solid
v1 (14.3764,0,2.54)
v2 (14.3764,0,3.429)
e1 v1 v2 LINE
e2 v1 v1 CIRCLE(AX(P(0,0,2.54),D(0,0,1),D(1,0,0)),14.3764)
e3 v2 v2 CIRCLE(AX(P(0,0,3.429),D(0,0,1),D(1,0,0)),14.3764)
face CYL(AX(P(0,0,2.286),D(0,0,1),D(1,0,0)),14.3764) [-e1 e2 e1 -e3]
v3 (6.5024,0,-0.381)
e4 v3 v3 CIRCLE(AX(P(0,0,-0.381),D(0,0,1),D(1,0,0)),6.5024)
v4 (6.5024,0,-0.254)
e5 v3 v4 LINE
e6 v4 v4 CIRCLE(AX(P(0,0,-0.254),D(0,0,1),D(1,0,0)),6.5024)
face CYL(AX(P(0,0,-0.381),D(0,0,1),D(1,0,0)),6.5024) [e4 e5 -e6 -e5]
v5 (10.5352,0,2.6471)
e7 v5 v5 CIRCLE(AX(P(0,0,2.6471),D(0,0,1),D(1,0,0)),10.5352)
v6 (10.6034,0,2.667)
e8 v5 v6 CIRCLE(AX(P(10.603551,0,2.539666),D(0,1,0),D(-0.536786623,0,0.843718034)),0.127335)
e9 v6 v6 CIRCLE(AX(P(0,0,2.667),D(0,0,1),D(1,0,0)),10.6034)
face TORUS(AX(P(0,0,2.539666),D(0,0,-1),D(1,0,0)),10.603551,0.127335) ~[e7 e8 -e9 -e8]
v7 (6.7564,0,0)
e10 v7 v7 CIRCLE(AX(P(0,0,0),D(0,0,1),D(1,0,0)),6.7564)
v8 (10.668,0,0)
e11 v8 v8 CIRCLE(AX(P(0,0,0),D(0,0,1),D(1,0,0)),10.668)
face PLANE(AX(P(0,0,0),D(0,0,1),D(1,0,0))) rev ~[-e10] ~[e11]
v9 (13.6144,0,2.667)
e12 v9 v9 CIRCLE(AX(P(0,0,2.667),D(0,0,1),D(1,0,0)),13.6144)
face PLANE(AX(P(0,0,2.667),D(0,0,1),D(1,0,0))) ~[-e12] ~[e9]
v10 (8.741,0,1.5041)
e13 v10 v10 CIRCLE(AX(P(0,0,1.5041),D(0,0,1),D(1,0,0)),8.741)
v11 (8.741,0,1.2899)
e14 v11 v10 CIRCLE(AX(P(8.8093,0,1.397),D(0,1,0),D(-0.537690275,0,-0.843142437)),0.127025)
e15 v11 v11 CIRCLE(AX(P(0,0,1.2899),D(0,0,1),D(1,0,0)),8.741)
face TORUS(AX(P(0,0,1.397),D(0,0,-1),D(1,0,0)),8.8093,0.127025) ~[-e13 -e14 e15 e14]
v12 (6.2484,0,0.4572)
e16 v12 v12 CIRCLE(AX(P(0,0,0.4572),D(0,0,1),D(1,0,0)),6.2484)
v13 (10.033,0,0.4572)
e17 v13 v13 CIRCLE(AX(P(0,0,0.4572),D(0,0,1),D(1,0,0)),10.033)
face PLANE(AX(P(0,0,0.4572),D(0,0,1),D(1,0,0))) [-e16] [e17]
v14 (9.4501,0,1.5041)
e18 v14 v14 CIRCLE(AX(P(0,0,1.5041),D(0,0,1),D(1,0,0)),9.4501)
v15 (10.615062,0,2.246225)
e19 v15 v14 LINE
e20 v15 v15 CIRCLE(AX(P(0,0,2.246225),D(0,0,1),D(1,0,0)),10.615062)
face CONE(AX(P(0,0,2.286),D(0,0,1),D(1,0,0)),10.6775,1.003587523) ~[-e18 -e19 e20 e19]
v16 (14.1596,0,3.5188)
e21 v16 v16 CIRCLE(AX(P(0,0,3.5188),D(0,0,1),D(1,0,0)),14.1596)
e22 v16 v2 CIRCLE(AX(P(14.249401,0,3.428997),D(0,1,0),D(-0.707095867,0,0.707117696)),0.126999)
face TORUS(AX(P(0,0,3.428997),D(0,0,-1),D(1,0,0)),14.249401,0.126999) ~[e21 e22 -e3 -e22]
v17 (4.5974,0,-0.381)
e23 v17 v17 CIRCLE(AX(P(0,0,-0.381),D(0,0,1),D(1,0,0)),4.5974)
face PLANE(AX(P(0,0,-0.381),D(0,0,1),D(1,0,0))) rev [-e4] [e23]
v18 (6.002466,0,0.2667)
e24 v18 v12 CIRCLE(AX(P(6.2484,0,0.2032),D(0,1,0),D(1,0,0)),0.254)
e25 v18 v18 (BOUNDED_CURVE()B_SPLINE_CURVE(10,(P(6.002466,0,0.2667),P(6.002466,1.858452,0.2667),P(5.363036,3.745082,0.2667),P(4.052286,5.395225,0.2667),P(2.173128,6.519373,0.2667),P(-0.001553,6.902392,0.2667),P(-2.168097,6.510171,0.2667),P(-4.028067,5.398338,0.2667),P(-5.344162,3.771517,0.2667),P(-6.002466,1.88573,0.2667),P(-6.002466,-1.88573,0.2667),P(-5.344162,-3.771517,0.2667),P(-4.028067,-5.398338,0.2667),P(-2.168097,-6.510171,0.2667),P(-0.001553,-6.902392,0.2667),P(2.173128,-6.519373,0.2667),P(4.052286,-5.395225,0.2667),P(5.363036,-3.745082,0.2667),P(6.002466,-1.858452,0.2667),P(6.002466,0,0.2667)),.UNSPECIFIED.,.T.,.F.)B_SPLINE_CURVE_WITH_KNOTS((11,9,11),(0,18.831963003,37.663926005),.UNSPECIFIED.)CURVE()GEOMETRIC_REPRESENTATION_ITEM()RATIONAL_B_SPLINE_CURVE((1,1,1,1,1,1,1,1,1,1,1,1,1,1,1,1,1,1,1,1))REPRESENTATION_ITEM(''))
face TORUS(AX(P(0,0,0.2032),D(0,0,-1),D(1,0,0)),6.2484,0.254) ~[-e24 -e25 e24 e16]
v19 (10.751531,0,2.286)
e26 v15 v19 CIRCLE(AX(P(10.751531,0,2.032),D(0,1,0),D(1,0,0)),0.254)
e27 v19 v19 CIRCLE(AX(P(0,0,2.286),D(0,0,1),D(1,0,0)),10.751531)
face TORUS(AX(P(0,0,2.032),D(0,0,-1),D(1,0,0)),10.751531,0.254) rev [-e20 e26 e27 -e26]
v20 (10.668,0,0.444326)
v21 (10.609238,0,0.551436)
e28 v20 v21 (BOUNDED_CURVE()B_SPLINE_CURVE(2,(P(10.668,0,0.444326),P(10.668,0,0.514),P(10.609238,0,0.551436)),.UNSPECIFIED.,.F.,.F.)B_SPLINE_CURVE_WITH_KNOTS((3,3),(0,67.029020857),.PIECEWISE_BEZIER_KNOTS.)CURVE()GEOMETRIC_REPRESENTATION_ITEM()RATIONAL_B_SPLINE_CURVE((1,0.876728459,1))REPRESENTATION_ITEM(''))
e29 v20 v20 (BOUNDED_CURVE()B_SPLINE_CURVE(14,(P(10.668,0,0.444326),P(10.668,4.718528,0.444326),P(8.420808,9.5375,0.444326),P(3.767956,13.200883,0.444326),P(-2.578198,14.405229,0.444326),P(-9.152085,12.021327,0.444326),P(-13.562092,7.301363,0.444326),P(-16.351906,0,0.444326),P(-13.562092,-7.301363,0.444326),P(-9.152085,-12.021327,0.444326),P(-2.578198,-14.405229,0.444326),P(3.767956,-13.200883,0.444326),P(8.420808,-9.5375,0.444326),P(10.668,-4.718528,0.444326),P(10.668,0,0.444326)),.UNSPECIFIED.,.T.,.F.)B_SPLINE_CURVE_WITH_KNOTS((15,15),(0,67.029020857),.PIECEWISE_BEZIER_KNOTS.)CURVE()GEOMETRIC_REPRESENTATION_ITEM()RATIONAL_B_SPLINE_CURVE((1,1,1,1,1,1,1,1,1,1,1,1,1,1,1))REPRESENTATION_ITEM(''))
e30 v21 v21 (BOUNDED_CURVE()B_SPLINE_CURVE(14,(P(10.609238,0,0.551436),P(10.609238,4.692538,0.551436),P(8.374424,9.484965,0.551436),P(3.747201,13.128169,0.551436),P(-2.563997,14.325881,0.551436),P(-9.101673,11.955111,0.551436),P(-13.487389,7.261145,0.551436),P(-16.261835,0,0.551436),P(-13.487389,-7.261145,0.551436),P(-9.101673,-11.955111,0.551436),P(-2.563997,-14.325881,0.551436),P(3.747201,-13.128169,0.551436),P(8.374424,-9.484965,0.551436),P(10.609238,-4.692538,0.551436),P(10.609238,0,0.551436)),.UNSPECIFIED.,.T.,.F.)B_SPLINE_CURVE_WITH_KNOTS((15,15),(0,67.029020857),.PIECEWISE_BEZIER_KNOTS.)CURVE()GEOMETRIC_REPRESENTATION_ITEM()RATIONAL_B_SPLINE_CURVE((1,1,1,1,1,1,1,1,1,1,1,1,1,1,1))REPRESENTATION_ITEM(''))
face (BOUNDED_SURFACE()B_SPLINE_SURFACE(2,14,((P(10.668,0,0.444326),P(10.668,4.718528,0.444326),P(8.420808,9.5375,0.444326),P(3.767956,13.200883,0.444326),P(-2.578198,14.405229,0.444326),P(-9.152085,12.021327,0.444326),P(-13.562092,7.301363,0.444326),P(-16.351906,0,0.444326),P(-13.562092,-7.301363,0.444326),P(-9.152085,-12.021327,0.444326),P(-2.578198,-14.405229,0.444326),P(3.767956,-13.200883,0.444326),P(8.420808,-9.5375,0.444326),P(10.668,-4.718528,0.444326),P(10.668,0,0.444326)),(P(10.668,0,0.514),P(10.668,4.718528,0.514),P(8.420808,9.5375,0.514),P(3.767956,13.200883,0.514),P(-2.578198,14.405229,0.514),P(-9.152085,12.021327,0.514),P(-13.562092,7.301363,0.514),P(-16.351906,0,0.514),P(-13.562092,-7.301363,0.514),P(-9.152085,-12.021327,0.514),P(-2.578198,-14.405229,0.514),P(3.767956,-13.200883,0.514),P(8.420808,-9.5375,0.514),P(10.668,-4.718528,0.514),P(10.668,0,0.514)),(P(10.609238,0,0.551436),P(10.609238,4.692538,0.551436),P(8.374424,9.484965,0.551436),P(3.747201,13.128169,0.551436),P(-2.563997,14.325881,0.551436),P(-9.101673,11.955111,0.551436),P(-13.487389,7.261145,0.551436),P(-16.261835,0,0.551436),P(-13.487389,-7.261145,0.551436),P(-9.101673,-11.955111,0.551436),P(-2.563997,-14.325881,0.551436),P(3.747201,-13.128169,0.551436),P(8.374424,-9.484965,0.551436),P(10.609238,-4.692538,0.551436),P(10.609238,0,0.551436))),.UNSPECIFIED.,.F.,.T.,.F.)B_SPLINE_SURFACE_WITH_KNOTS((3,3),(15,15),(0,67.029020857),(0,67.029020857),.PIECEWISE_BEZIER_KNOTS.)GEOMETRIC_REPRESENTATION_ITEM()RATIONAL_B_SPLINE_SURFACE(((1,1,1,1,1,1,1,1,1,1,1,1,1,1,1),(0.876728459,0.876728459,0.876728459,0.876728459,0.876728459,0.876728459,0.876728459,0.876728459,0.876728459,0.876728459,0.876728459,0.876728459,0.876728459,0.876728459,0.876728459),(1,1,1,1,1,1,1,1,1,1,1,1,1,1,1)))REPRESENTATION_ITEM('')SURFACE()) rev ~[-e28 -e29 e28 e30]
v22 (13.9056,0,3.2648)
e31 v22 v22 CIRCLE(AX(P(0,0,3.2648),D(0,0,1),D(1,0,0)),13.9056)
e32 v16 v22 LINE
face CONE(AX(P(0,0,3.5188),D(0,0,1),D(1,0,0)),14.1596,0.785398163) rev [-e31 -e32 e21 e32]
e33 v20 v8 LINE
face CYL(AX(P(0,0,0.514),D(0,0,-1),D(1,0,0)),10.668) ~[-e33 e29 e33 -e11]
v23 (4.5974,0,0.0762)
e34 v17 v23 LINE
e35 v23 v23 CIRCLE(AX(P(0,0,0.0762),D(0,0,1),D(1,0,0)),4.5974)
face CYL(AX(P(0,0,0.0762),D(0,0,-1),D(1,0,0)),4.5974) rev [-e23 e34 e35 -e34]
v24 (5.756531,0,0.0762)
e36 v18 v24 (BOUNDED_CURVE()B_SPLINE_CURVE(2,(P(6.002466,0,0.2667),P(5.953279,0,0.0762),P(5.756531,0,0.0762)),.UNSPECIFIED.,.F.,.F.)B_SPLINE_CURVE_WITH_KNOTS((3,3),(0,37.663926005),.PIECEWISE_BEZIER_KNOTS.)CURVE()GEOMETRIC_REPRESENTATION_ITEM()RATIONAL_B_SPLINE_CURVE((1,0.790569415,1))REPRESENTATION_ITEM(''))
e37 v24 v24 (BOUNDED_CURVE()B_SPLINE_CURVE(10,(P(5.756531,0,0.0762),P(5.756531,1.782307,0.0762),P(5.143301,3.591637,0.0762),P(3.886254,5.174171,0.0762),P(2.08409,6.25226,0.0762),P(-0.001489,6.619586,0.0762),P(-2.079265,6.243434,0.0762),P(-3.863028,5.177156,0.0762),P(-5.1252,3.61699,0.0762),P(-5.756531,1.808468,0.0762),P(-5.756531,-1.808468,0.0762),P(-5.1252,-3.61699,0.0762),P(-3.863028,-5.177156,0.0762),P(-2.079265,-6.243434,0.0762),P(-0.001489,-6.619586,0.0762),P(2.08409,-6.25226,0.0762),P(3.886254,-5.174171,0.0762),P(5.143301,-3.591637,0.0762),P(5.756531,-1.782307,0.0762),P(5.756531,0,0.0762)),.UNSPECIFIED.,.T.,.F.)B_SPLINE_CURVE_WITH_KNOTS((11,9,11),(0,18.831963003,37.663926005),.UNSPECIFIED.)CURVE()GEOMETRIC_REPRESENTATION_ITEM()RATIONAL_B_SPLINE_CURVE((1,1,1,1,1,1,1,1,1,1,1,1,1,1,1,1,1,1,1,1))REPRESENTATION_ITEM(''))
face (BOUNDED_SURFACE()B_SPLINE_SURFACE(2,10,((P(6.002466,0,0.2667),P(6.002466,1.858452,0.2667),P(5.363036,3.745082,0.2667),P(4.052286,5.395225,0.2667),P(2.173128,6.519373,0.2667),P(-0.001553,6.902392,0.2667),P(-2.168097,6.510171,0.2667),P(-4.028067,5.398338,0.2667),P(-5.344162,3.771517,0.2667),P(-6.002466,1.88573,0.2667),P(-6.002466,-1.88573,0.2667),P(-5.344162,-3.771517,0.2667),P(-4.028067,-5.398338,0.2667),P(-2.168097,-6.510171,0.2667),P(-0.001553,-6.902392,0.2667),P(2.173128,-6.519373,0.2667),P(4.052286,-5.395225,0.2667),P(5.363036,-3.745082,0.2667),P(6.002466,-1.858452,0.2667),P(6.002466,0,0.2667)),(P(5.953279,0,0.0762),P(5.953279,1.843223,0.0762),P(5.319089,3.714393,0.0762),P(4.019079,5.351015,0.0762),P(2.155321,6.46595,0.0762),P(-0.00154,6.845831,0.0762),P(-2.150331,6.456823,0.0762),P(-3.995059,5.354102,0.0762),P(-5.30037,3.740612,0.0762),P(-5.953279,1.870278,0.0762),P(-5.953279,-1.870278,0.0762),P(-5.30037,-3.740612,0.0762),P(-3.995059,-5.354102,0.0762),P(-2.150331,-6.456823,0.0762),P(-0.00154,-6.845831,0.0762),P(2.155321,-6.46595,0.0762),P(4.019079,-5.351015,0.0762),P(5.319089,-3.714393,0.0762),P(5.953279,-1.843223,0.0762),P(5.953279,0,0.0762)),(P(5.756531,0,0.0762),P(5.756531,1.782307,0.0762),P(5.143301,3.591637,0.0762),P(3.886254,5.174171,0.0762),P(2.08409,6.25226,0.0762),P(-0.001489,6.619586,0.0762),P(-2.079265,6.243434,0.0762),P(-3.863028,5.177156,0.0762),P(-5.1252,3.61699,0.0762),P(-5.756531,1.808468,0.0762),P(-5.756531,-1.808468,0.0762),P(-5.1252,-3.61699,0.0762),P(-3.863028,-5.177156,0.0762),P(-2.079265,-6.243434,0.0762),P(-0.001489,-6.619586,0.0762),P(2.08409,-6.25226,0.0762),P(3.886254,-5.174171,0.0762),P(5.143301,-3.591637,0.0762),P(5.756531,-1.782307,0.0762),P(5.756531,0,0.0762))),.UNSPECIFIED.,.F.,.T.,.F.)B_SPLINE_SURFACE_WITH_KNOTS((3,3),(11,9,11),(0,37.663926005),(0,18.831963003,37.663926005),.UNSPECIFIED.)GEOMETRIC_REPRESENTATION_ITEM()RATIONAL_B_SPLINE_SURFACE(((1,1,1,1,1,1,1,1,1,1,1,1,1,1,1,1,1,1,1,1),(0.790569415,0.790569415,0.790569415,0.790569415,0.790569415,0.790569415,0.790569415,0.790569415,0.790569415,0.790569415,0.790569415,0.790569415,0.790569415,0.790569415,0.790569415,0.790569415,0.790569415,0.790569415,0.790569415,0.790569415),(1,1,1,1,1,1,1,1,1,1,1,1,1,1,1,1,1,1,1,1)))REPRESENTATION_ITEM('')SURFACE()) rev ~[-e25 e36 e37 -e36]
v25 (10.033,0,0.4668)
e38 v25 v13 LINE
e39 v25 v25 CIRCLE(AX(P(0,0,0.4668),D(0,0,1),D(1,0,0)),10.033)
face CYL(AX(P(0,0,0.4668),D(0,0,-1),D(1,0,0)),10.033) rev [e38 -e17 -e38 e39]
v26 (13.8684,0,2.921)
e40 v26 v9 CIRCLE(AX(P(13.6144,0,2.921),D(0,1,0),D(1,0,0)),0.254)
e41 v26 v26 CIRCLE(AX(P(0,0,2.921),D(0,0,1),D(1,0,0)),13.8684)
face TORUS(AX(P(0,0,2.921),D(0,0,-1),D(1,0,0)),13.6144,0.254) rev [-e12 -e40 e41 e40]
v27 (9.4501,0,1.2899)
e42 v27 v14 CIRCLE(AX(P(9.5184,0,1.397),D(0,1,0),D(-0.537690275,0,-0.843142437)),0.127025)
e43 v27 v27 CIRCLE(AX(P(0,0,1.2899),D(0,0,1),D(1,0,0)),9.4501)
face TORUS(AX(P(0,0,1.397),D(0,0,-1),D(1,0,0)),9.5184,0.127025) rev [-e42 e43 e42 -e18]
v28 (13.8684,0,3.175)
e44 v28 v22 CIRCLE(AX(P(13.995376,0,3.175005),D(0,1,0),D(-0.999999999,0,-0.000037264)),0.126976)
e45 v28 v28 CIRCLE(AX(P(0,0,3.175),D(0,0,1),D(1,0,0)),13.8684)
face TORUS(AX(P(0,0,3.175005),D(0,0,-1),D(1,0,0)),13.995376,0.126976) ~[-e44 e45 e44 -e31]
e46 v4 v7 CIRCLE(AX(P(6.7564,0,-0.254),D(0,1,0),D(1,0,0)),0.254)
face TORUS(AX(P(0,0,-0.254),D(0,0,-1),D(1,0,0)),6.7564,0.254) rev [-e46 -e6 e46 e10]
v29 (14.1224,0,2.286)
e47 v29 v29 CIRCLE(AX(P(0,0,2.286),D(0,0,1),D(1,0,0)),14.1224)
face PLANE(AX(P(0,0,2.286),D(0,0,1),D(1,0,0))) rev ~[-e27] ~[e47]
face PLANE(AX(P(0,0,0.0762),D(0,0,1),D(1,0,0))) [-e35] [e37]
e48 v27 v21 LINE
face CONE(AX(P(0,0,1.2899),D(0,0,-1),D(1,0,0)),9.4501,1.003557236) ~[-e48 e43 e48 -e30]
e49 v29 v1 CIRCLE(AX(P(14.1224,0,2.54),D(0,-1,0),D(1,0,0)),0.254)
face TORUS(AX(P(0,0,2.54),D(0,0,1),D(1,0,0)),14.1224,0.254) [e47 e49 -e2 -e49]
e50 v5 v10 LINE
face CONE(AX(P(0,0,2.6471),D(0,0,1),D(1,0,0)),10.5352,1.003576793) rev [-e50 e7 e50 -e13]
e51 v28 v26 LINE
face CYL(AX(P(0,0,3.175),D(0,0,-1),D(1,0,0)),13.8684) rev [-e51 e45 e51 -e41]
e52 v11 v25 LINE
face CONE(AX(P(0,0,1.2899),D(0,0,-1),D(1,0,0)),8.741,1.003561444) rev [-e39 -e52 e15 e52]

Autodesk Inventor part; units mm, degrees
ref_plane "XZ Plane" through (0, 0, 0) normal (0, 1, 0) x (-1, 0, 0)
sketch "Block1" plane through (0, 0, 0) normal (0, 0, 1) x (1, 0, 0)
  arc A0 (3.9831, 9.4624) -> (-4.688, 6.6976) centre (2.611, -1.214) ccw
  arc A1 (-5.469, 6.6348) -> (-4.688, 6.6976) centre (-5.1186, 7.1643) ccw
  line L0 (-5.469, 6.6348) -> (-6.1216, 7.0667)
  arc A2 (-4.699, 4.4191) -> (-6.1216, 7.0667) centre (-7.874, 4.4191) ccw
  line L1 (-4.699, 4.4191) -> (-4.699, -1.0472)
  arc A3 (-4.699, -1.0472) -> (-4.6537, -1.2274) centre (-4.318, -1.0472) ccw
  line L2 (-4.6537, -1.2274) -> (-2.0128, -6.1491)
  arc A4 (-2.0128, -6.1491) -> (-1.6771, -6.35) centre (-1.6771, -5.969) ccw
  line L3 (-1.6771, -6.35) -> (-1.27, -6.35)
  arc A5 (-1.27, -6.35) -> (-0.889, -5.969) centre (-1.27, -5.969) ccw
  line L4 (-0.889, -5.969) -> (-0.889, 1.27)
  arc A6 (0.127, 2.286) -> (-0.889, 1.27) centre (0.127, 1.27) ccw
  line L5 (0.127, 2.286) -> (3.9052, 2.286)
  arc A7 (3.9052, 2.286) -> (4.699, 3.0797) centre (3.9052, 3.0798) ccw
  line L6 (4.699, 3.0797) -> (4.699, 10.0922)
  arc A8 (3.9831, 9.4624) -> (4.699, 10.0922) centre (4.064, 10.0922) ccw
  circle A9 centre (-2.921, 1.0414) radius 0.8255
  circle A10 centre (-2.1082, 6.7056) radius 0.8255
  circle A11 centre (2.1082, 6.7056) radius 0.8255
  circle A12 centre (0, 4.7752) radius 0.8255
  circle A13 centre (2.7432, 3.9116) radius 0.8255
  circle A14 centre (-2.7432, 3.9116) radius 0.8255
  point P0 (-1.106, 2.0087)
sketch "Block2" plane through (0, 0, 0) normal (0, 0, 1) x (1, 0, 0)
  arc A0 (2.088, 10.5598) -> (-7.8347, 7.3814) centre (0, 0) ccw
  arc A1 (-7.31, 5.6331) -> (-7.8347, 7.3814) centre (-10.485, 5.6331) ccw
  line L0 (-7.31, 5.6331) -> (-7.31, 0.1668)
  arc A2 (-7.31, 0.1668) -> (-7.2647, -0.0134) centre (-6.929, 0.1668) ccw
  line L1 (-7.2647, -0.0134) -> (-4.6238, -4.9351)
  arc A3 (-4.6238, -4.9351) -> (-4.2881, -5.136) centre (-4.2881, -4.755) ccw
  line L2 (-4.2881, -5.136) -> (-3.881, -5.136)
  arc A4 (-3.881, -5.136) -> (-3.5, -4.755) centre (-3.881, -4.755) ccw
  line L3 (-3.5, -4.755) -> (-3.5, 2.484)
  arc A5 (-2.484, 3.5) -> (-3.5, 2.484) centre (-2.484, 2.484) ccw
  line L4 (-2.484, 3.5) -> (1.2942, 3.5)
  arc A6 (1.2942, 3.5) -> (2.088, 4.2937) centre (1.2942, 4.2937) ccw
  line L5 (2.088, 4.2937) -> (2.088, 10.5598)
  point P0 (-3.6972, 1.0897)
sketch "Block3" plane through (0, 0, 0) normal (0, 0, 1) x (1, 0, 0)
  arc A0 (2.088, 10.5598) -> (-7.8347, 7.3814) centre (0, 0) ccw
  arc A1 (-7.31, 5.6331) -> (-7.8347, 7.3814) centre (-10.485, 5.6331) ccw
  line L0 (-7.3119, 5.6331) -> (-7.3081, 0.1668)
  arc A2 (-7.31, 0.1668) -> (-7.2647, -0.0134) centre (-6.929, 0.1668) ccw
  line L1 (-7.2647, -0.0134) -> (-4.6238, -4.9351)
  arc A3 (-4.6238, -4.9351) -> (-4.2881, -5.136) centre (-4.2881, -4.755) ccw
  line L2 (-4.2881, -5.136) -> (-3.881, -5.136)
  arc A4 (-3.881, -5.136) -> (-3.5, -4.755) centre (-3.881, -4.755) ccw
  line L3 (-3.5, -4.755) -> (-3.5, 2.484)
  arc A5 (-2.484, 3.5) -> (-3.5, 2.484) centre (-2.484, 2.484) ccw
  line L4 (-2.484, 3.5) -> (1.2942, 3.5)
  arc A6 (1.2942, 3.5) -> (2.088, 4.2937) centre (1.2942, 4.2937) ccw
  line L5 (2.088, 4.2937) -> (2.088, 10.5598)
  point P0 (-3.6339, 0.9702)
sketch "Sketch2" plane through (0, 0, 0) normal (0, 0, 1) x (1, 0, 0)
  line L0 (-13.292, 0) -> (6.3572, 0) projected
  line L1 (0, 15.7144) -> (0, -9.0608) projected
  circle A0 centre (0, 0) radius 3.5502 construction
  circle A1 centre (-5.532, 2.2554) radius 0.8255 construction
  circle A2 centre (-4.7192, 7.9196) radius 0.8255 construction
  circle A3 centre (-0.5028, 7.9196) radius 0.8255 construction
  circle A4 centre (-2.611, 5.9892) radius 0.8255 construction
  circle A5 centre (0.1322, 5.1256) radius 0.8255 construction
  circle A6 centre (-5.3542, 5.1256) radius 0.8255 construction
  arc A7 (-7.564, 5.6351) -> (-8.161, 7.4027) centre (-10.485, 5.6331) ccw
  arc A8 (2.342, 10.7664) -> (-8.161, 7.4027) centre (0, 0) ccw
  line L2 (2.342, 10.7664) -> (2.342, 4.2874)
  line L3 (-7.5602, 0) -> (-4.8476, -5.0552)
  line L4 (-4.2881, -5.39) -> (-3.881, -5.39)
  line L5 (-3.246, -4.755) -> (-3.246, 2.484)
  line L6 (-2.484, 3.246) -> (1.3006, 3.246)
  line L7 (-7.564, 5.6351) -> (-7.5602, 0)
  arc A9 (1.3006, 3.246) -> (2.342, 4.2874) centre (1.3006, 4.2874) ccw
  arc A10 (-2.484, 3.246) -> (-3.246, 2.484) centre (-2.484, 2.484) ccw
  arc A11 (-3.881, -5.39) -> (-3.246, -4.755) centre (-3.881, -4.755) ccw
  arc A12 (-4.8476, -5.0552) -> (-4.2881, -5.39) centre (-4.2881, -4.755) ccw
  point P0 (-3.156, 3.246)
  dimension "d21" = 1.016
  dimension "d11" = 0
  dimension "d12" = 0
  dimension "d13" = 0.254
  dimension "d15" = 0.254
  dimension "d16" = 0.254
  dimension "d17" = 0.254
  dimension "d18" = 0.254
  dimension "d19" = 1.0414
  dimension "d20" = 0.762
  dimension "d22" = 0.635
  dimension "d23" = 0.635
sketch "Sketch1" plane through (0, 0, 0) normal (0, 1, 0) x (-1, 0, 0)
  line L0 (0, -2.0428) -> (0, 9.59) projected
  line L1 (0, 7.0692) -> (0, 0)
  line L2 (-16.8982, 7.9282) -> (-11.51, 2.54) construction
  line L3 (-11.51, 2.54) -> (0, 2.54) construction
  line L4 (-22.3748, 0) -> (15.9616, 0) projected
  line L5 (-10.5352, 2.6471) -> (-8.741, 1.5041)
  line L6 (-8.741, 1.2899) -> (-10.033, 0.4668)
  line L7 (-10.6775, 2.286) -> (-9.4501, 1.5041)
  line L8 (-9.4501, 1.2899) -> (-10.668, 0.514)
  arc A0 (-8.741, 1.2899) -> (-8.741, 1.5041) centre (-8.8093, 1.397) ccw
  arc A1 (-9.4501, 1.2899) -> (-9.4501, 1.5041) centre (-9.5184, 1.397) ccw
  line L9 (-10.6034, 2.667) -> (-13.6144, 2.667)
  line L10 (-14.3764, 2.667) -> (-14.3764, 2.7741)
  line L11 (-14.3764, 2.286) -> (-14.3764, 3.429)
  line L12 (-14.1596, 3.5188) -> (-13.9056, 3.2648)
  line L13 (-13.8684, 3.175) -> (-13.8684, 2.921)
  arc A2 (-13.8684, 2.921) -> (-13.6144, 2.667) centre (-13.6144, 2.921) ccw
  arc A3 (-14.1596, 3.5188) -> (-14.3764, 3.429) centre (-14.2494, 3.429) ccw
  arc A4 (-13.8684, 3.175) -> (-13.9056, 3.2648) centre (-13.9954, 3.175) ccw
  arc A5 (-10.5352, 2.6471) -> (-10.6034, 2.667) centre (-10.6034, 2.54) ccw
  line L14 (-10.033, 0.4668) -> (-10.033, 0.4572)
  line L15 (-10.668, 0.514) -> (-10.668, 0)
  line L16 (-10.668, 0) -> (-9.906, 0)
  line L17 (-9.906, 0) -> (-6.5024, 0)
  line L18 (-5.9944, 0.4572) -> (-5.9944, 0.0762)
  line L19 (-5.9944, 0.0762) -> (-4.5974, 0.0762)
  line L20 (-4.5974, 0.0762) -> (-4.5974, -0.381)
  line L21 (-4.5974, -0.381) -> (-6.5024, -0.381)
  line L22 (-6.5024, -0.381) -> (-6.5024, 0)
  line L23 (-10.033, 0.4572) -> (-5.9944, 0.4572)
  line L24 (-14.3764, 2.286) -> (-10.6775, 2.286)
  point P0 (-10.5664, 2.667)
  point P1 (-8.5729, 1.397)
  point P2 (-9.282, 1.397)
  dimension "d24" = 135
  dimension "d25" = 23.02
  dimension "d26" = 7.62
  dimension "d27" = 2.54
  dimension "d47" = 21.336
  dimension "d48" = 0.381
  dimension "d49" = 0.381
  dimension "d50" = 0.127
  dimension "d51" = 32.5
  dimension "d56" = 45
  dimension "d57" = 0.254
  dimension "d58" = 0.127
  dimension "d59" = 65
  dimension "d61" = 0.635
  dimension "d79" = 1.397
  dimension "d80" = 21.1328
  dimension "d90" = 0.4572
  dimension "d91" = 0.508
  dimension "d92" = 9.1948
  dimension "d93" = 0.381
  dimension "d94" = 1.905
  dimension "d96" = 0.4572
  dimension "d97" = 0.381
  dimension "d98" = 3.81
  dimension "d99" = 2.667
  dimension "d100" = 0.508
  dimension "d101" = 1.143
revolve "Revolution1" add sketch "Sketch1" angle 360 about axis through (0, 0, 0) along (0, 0, 1)
sketch "Sketch3" plane through (0, 0, 0) normal (0, 0, 1) x (1, 0, 0)
  point P0 (0, 0)
sketch "Sketch5" plane through (0, 0, 0) normal (0, 0, 1) x (1, 0, 0)
  point P0 (0, 0)
sketch "Sketch7" plane through (0, 0, 0) normal (0, 0, 1) x (1, 0, 0)
  point P0 (0, 0)
fillet "Fillet1" radius 0.127 1 edges at (-10.668, 0, 0.514)
fillet "Fillet2" radius 0.254 3 edges at (-5.9944, 0, 0.4572) (-5.9944, 0, 0.0762) (-6.5024, 0, 0)
fillet "Fillet3" radius 0.254 2 edges at (-14.3764, 0, 2.286) (-10.6775, 0, 2.286)
properties part number "MBS HEAD CONE SHORT" material "NYLON 6/6"
